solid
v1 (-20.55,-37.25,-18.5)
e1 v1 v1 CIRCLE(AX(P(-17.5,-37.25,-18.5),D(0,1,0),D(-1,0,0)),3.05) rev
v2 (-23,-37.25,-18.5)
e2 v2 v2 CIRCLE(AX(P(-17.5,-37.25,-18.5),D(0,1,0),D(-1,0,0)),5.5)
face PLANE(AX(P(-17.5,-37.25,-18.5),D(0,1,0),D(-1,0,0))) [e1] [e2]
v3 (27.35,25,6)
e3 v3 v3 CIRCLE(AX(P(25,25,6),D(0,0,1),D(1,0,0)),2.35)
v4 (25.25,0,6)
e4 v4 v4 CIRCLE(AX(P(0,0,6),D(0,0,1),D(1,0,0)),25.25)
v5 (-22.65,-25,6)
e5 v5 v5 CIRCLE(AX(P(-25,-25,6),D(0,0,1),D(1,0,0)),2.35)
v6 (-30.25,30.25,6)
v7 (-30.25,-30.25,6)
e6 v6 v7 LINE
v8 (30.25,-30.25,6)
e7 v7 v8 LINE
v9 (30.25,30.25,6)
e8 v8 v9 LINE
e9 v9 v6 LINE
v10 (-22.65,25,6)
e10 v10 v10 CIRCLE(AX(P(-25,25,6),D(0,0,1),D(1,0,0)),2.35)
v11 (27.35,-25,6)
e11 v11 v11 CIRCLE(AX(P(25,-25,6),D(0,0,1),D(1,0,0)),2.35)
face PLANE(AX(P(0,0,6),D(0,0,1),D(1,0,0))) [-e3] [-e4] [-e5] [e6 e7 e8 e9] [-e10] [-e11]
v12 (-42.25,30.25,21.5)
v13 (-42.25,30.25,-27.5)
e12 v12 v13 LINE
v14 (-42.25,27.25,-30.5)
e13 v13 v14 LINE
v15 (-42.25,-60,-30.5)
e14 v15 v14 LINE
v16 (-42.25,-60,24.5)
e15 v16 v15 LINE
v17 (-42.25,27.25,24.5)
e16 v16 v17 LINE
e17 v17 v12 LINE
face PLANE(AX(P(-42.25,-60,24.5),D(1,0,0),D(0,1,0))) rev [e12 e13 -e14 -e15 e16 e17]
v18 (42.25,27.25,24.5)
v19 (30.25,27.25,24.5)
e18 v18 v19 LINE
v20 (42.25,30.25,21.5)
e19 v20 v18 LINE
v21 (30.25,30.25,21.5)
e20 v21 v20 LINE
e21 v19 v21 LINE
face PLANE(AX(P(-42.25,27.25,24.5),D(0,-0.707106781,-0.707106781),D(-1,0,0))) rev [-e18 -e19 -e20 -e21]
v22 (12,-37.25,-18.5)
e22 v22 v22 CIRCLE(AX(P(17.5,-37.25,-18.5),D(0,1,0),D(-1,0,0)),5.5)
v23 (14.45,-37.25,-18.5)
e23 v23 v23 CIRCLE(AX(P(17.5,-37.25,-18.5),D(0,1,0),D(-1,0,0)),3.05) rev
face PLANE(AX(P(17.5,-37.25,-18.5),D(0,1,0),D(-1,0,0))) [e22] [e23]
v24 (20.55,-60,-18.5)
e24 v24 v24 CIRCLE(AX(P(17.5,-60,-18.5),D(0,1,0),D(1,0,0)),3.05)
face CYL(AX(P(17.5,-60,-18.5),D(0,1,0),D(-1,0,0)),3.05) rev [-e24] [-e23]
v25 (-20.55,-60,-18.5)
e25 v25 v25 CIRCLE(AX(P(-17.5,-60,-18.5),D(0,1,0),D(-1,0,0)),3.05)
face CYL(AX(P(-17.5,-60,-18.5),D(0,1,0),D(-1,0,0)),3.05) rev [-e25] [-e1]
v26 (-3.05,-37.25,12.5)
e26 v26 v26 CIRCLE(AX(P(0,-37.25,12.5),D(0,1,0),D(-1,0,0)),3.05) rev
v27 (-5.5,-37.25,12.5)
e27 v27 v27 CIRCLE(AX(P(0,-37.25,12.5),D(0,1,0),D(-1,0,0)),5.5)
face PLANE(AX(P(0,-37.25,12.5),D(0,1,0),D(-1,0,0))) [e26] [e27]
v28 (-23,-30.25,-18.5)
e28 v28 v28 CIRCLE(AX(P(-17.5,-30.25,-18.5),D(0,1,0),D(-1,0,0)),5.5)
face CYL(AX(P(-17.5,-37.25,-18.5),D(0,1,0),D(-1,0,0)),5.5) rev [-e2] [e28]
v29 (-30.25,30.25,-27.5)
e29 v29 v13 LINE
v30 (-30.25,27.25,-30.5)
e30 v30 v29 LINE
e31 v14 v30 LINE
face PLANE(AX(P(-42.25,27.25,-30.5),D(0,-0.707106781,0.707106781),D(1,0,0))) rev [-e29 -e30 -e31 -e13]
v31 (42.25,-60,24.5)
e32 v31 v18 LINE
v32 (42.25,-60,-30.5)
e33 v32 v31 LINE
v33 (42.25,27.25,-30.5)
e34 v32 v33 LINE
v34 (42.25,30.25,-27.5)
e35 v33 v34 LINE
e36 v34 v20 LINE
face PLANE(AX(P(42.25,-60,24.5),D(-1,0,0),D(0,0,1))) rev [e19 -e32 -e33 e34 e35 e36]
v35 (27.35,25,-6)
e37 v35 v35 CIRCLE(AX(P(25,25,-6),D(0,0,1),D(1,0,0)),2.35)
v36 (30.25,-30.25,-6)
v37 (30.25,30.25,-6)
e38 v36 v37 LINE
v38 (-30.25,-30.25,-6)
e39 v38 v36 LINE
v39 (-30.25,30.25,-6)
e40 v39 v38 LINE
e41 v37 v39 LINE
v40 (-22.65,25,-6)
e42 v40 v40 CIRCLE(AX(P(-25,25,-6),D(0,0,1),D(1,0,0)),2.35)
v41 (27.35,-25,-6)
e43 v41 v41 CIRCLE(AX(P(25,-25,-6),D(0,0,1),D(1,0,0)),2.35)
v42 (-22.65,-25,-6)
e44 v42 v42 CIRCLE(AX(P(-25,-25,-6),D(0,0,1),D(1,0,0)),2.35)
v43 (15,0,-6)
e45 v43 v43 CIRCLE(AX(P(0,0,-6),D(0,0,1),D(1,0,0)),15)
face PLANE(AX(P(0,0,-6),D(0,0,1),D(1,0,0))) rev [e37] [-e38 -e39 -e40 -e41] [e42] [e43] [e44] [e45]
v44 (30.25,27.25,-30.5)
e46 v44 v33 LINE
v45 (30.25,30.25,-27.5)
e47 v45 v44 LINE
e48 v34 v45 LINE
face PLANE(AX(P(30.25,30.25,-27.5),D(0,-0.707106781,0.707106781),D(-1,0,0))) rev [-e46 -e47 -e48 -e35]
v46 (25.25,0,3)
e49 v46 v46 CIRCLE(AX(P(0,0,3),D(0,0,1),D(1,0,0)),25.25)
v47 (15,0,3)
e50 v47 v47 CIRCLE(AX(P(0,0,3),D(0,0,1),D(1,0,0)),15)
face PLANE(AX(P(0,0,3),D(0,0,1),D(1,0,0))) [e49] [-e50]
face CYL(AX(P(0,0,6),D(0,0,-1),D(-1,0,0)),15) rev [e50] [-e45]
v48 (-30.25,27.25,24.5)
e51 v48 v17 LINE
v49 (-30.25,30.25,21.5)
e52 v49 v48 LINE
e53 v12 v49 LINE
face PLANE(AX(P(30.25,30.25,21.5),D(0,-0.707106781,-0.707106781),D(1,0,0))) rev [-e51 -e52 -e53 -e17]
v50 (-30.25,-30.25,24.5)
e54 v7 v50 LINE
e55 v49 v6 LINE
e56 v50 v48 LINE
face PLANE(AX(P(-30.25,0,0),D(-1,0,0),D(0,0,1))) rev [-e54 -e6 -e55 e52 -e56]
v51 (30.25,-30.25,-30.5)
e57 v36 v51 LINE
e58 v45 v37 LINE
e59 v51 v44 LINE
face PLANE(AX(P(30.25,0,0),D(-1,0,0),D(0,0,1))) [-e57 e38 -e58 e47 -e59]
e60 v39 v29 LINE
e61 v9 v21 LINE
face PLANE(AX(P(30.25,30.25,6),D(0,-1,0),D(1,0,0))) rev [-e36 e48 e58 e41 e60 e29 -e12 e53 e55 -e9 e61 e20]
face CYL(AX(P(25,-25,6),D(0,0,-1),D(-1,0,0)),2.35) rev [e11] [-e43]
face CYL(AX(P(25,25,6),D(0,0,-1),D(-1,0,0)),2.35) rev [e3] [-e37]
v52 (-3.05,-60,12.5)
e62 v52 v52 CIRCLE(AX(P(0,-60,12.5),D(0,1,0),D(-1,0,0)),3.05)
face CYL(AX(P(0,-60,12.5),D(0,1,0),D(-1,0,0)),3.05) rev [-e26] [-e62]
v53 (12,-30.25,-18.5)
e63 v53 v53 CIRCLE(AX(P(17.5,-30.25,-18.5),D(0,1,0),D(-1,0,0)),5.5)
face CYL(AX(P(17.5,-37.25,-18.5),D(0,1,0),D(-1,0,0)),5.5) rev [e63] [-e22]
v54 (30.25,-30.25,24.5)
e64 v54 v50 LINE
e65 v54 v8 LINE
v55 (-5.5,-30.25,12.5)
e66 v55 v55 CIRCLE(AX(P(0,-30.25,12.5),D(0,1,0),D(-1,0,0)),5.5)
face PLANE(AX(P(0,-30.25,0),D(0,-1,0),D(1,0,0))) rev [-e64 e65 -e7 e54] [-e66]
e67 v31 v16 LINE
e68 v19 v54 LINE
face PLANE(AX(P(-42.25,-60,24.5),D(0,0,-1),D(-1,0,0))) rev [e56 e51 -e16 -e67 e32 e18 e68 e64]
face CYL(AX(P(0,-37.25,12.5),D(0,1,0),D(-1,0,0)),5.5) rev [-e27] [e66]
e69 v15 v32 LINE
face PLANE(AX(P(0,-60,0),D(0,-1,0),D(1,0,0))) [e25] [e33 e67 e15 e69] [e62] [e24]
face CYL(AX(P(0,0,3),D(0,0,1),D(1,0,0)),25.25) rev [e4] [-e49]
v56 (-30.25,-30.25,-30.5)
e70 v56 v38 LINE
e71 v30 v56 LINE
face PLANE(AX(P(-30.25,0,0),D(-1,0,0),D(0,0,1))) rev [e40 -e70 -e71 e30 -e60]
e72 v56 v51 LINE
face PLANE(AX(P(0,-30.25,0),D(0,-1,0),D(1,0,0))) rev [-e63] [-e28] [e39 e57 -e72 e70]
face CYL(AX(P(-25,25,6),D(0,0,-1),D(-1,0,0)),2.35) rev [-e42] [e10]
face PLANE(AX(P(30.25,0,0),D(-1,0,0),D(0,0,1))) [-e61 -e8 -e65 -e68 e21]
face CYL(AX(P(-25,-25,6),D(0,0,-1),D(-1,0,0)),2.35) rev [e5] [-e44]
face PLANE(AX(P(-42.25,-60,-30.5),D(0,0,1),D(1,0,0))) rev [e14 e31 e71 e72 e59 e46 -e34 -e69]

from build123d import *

# Parameters (mm, degrees)
SKETCH1_W           = 60.5
SKETCH1_H           = 60.5
SKETCH1_R           = 15
SKETCH1_R_2         = 2.35
BOSS_EXTRUDE1_DEPTH = 6
SKETCH2_R           = 25.25
CUT_EXTRUDE1_DEPTH  = 3
SKETCH3_W           = 84.5
SKETCH3_H           = 55
BOSS_EXTRUDE2_DEPTH = 29.75
SKETCH4_W           = 55
SKETCH4_H           = 60.5
BOSS_EXTRUDE3_DEPTH = 12
SKETCH5_W           = 55
SKETCH5_H           = 60.5
BOSS_EXTRUDE4_DEPTH = 12
CHAMFER1_SIZE       = 3
SKETCH6_R           = 3.05
CUT_EXTRUDE2_DEPTH  = 30.75
SKETCH7_R           = 5.5
CUT_EXTRUDE3_DEPTH  = 7


with BuildPart() as part:
    # Sketch1 → Boss-Extrude1 (new body, symmetric)
    with BuildSketch(Plane.XY):
        Rectangle(SKETCH1_W, SKETCH1_H)
        Circle(SKETCH1_R, mode=Mode.SUBTRACT)
        with Locations((-25, 25)):
            Circle(SKETCH1_R_2, mode=Mode.SUBTRACT)
        with Locations((25, 25)):
            Circle(SKETCH1_R_2, mode=Mode.SUBTRACT)
        with Locations((25, -25)):
            Circle(SKETCH1_R_2, mode=Mode.SUBTRACT)
        with Locations((-25, -25)):
            Circle(SKETCH1_R_2, mode=Mode.SUBTRACT)
    extrude(amount=BOSS_EXTRUDE1_DEPTH, both=True)

    # Sketch2 → Cut-Extrude1 (cut)
    with BuildSketch(Plane.XY.offset(6)):
        Circle(SKETCH2_R)
    extrude(amount=-CUT_EXTRUDE1_DEPTH, mode=Mode.SUBTRACT)

    # Sketch3 → Boss-Extrude2 (add)
    with BuildSketch(Plane.XZ.offset(30.25)):
        with Locations((0, -3)):
            Rectangle(SKETCH3_W, SKETCH3_H)
    extrude(amount=BOSS_EXTRUDE2_DEPTH)

    # Sketch4 → Boss-Extrude3 (add)
    with BuildSketch(Plane(origin=(30.25, 0, 0), x_dir=(0, 0, -1), z_dir=(1, 0, 0))):
        with Locations((3, 0)):
            Rectangle(SKETCH4_W, SKETCH4_H)
    extrude(amount=BOSS_EXTRUDE3_DEPTH)

    # Sketch5 → Boss-Extrude4 (add)
    with BuildSketch(Plane.ZY.offset(30.25)):
        with Locations((-3, 0)):
            Rectangle(SKETCH5_W, SKETCH5_H)
    extrude(amount=BOSS_EXTRUDE4_DEPTH)

    # Chamfer1
    chamfer1_edges = [part.edges().sort_by_distance(p)[0] for p in [
        (36.25, 30.25, 24.5),
        (36.25, 30.25, -30.5),
        (-36.25, 30.25, -30.5),
        (-36.25, 30.25, 24.5),
    ]]
    chamfer(chamfer1_edges, length=CHAMFER1_SIZE)

    # Sketch6 → Cut-Extrude2 (cut, through all)
    with BuildSketch(Plane(origin=(0, -30.25, 0), x_dir=(1, 0, 0), z_dir=(0, 1, 0))):
        with Locations((0, -12.5)):
            Circle(SKETCH6_R)
        with Locations((-17.5, 18.5)):
            Circle(SKETCH6_R)
        with Locations((17.5, 18.5)):
            Circle(SKETCH6_R)
    extrude(amount=-CUT_EXTRUDE2_DEPTH, mode=Mode.SUBTRACT)

    # Sketch7 → Cut-Extrude3 (cut)
    with BuildSketch(Plane(origin=(0, -30.25, 0), x_dir=(1, 0, 0), z_dir=(0, 1, 0))):
        with Locations((-17.5, 18.5)):
            Circle(SKETCH7_R)
        with Locations((17.5, 18.5)):
            Circle(SKETCH7_R)
        with Locations((0, -12.5)):
            Circle(SKETCH7_R)
    extrude(amount=-CUT_EXTRUDE3_DEPTH, mode=Mode.SUBTRACT)


solid = part.part
